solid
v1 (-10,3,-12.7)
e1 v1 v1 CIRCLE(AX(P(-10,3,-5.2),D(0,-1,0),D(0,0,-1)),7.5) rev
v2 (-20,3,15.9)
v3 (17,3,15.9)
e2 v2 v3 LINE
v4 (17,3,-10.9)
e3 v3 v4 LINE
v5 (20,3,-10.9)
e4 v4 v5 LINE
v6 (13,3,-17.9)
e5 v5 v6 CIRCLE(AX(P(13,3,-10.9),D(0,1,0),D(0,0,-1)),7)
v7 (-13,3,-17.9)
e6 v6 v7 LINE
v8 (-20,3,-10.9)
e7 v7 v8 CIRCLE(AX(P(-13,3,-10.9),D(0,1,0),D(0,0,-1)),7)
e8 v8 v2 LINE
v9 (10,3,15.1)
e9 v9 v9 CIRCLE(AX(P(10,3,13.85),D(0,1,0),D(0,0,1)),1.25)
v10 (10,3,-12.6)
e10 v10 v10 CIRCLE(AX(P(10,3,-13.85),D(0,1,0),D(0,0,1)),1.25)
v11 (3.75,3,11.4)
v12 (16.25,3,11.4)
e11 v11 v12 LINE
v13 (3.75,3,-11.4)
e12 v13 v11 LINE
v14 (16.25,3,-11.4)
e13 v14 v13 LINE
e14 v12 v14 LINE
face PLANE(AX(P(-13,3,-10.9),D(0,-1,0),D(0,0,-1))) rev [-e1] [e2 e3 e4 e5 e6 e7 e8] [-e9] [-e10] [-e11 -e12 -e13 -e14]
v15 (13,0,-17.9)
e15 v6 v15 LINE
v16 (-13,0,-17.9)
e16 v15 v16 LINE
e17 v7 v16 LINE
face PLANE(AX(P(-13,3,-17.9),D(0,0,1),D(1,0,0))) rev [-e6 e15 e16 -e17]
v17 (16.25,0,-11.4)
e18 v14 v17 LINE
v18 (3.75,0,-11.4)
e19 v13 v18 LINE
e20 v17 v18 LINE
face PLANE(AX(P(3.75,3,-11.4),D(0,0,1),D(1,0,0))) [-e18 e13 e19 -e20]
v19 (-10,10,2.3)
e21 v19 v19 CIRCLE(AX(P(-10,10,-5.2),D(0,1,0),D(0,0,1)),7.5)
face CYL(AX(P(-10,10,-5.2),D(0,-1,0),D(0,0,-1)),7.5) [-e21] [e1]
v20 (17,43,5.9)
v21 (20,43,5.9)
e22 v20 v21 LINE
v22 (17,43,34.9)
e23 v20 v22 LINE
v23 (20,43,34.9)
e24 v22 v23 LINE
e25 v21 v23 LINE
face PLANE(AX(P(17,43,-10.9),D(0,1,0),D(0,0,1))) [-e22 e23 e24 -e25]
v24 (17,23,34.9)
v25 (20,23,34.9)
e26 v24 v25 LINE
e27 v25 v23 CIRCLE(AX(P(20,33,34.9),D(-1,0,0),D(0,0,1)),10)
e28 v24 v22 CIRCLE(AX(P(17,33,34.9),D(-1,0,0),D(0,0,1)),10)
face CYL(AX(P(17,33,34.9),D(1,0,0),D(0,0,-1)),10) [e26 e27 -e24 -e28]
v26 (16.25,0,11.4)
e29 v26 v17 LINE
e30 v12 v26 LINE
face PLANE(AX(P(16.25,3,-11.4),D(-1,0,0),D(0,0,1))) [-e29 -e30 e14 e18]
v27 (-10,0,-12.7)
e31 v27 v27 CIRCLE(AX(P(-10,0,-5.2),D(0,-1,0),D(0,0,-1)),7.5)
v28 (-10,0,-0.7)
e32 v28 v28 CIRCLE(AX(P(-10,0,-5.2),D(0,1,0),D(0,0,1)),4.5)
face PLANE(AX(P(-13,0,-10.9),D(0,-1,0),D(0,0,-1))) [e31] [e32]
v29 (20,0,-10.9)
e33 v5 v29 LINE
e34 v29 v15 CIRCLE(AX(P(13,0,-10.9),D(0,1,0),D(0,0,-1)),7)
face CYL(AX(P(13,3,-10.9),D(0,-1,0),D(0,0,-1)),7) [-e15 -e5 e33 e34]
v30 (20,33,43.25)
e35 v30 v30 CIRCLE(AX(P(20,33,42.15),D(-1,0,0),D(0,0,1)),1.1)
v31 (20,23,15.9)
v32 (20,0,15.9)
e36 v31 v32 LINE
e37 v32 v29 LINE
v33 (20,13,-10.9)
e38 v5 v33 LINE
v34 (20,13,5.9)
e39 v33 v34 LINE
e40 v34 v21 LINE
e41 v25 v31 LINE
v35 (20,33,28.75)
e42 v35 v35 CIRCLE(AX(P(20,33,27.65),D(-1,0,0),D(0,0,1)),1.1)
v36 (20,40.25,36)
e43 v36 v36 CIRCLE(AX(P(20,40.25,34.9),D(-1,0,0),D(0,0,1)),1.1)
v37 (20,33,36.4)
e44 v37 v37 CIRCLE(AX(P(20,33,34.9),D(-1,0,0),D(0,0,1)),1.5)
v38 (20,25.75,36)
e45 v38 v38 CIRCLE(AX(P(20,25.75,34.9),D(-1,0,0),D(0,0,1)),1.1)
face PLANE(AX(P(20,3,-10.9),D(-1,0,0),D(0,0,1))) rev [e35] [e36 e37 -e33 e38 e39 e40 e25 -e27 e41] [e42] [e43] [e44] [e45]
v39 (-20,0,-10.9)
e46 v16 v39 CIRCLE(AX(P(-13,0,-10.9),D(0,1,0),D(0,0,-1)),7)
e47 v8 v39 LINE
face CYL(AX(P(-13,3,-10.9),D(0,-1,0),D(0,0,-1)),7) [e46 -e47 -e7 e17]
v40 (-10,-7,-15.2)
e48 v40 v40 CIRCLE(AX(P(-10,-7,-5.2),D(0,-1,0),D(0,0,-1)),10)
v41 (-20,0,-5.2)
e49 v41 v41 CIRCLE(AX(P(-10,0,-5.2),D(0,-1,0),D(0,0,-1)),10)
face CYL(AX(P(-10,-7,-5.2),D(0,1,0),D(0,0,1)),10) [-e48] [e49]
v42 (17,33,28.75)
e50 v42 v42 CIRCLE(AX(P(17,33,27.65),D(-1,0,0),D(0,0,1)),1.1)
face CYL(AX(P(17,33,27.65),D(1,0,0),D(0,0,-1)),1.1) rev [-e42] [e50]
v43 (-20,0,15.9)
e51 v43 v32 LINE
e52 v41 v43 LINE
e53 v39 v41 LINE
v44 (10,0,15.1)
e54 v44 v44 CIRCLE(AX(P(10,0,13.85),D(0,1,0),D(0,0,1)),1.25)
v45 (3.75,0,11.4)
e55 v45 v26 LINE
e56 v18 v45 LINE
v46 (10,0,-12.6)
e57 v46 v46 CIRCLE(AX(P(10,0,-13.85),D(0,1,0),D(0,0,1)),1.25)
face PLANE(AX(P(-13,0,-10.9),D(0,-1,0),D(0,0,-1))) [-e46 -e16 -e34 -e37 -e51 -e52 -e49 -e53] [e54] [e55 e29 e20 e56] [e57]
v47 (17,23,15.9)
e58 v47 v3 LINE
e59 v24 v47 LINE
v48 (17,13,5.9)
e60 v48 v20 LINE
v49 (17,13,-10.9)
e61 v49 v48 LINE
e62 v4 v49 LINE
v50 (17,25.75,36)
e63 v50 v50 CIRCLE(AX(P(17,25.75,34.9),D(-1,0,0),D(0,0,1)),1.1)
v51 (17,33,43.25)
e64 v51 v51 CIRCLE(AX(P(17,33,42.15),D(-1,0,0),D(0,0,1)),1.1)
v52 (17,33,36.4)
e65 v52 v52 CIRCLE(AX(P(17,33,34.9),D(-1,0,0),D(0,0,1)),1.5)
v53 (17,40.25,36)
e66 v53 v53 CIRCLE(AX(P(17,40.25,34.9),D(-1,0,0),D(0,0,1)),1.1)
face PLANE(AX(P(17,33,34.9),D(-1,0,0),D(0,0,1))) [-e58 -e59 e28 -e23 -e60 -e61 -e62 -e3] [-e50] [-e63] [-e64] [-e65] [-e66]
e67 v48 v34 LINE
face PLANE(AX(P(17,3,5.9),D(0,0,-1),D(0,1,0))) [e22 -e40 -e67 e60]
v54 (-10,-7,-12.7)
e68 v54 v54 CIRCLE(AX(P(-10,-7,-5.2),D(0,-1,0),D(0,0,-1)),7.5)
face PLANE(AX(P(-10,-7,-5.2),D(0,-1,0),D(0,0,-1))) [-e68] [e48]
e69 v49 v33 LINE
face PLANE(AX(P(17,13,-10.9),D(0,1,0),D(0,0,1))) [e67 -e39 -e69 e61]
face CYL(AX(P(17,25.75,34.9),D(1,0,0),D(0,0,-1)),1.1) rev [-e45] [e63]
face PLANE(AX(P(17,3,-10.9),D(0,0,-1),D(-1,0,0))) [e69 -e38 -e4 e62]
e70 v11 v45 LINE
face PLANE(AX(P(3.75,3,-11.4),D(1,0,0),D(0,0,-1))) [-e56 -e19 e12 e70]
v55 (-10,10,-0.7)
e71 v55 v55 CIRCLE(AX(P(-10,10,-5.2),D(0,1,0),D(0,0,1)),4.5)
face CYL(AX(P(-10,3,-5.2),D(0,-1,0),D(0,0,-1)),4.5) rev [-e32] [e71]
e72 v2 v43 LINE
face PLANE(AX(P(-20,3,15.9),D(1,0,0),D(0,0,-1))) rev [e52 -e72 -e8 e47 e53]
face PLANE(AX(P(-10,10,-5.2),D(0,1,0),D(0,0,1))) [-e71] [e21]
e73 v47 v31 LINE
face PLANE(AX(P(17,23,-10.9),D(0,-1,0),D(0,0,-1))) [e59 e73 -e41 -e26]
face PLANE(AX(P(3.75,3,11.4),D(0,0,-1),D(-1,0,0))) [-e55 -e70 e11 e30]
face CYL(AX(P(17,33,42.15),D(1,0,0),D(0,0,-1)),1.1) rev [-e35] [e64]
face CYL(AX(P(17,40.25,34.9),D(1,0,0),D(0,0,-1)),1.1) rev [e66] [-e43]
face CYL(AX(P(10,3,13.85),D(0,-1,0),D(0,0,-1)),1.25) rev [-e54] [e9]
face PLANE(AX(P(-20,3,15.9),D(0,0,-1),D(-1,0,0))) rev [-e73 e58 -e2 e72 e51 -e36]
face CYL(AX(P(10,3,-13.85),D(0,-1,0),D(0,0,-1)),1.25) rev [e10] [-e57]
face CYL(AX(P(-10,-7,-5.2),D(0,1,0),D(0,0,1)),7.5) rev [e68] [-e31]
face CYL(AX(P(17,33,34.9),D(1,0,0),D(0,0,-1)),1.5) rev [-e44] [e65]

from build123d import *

# Parameters (mm, degrees)
SKETCH_1_R      = 4.5
SKETCH_1_R_2    = 1.25
SKETCH_1_W      = 12.5
SKETCH_1_H      = 22.8
EXTRUDE_1_DEPTH = 3
EXTRUDE_START   = 20
SKETCH_3_R      = 1.1
SKETCH_3_R_2    = 1.5
EXTRUDE_2_DEPTH = 3
SKETCH_4_R      = 7.5
SKETCH_4_R_2    = 4.5
EXTRUDE_3_DEPTH = 7
EXTRUDE_START_2 = 7
SKETCH_5_R      = 10
SKETCH_5_R_2    = 7.5
EXTRUDE_4_DEPTH = 7


with BuildPart() as part:
    # 草图1 → 凸台-拉伸1 (new body)
    with BuildSketch(Plane(origin=(0, 0, 0), x_dir=(1, 0, 0), z_dir=(0, 1, 0))):
        with BuildLine():
            Line((-20, -15.9), (20, -15.9))
            Line((20, -15.9), (20, 10.9))
            ThreePointArc((20, 10.9), (17.949747468, 15.849747468), (13, 17.9))
            Line((13, 17.9), (-13, 17.9))
            ThreePointArc((-13, 17.9), (-17.949747468, 15.849747468), (-20, 10.9))
            Line((-20, 10.9), (-20, -15.9))
        make_face()
        with Locations(Location((-10, 5.2, 0), (0, 0, 270))):
            Circle(SKETCH_1_R, mode=Mode.SUBTRACT)
        with Locations(Location((10, 13.85, 0), (0, 0, 270))):
            Circle(SKETCH_1_R_2, mode=Mode.SUBTRACT)
        with Locations(Location((10, -13.85, 0), (0, 0, 270))):
            Circle(SKETCH_1_R_2, mode=Mode.SUBTRACT)
        with Locations((10, 0)):
            Rectangle(SKETCH_1_W, SKETCH_1_H, mode=Mode.SUBTRACT)
    extrude(amount=EXTRUDE_1_DEPTH)

    # 草图3 → 凸台-拉伸2 (add)
    with BuildSketch(Plane(origin=(0, 0, 0), x_dir=(0, 0, -1), z_dir=(1, 0, 0)).offset(EXTRUDE_START)):
        with BuildLine():
            Line((-15.9, 3), (-15.9, 23))
            Line((-15.9, 23), (-34.9, 23))
            ThreePointArc((-34.9, 23), (-44.9, 33), (-34.9, 43))
            Line((-34.9, 43), (-5.9, 43))
            Line((-5.9, 43), (-5.9, 13))
            Line((-5.9, 13), (10.9, 13))
            Line((10.9, 13), (10.9, 3))
            Line((10.9, 3), (-15.9, 3))
        make_face()
        with Locations(Location((-42.15, 33, 0), (0, 0, 180))):
            Circle(SKETCH_3_R, mode=Mode.SUBTRACT)
        with Locations(Location((-34.9, 40.25, 0), (0, 0, 180))):
            Circle(SKETCH_3_R, mode=Mode.SUBTRACT)
        with Locations(Location((-27.65, 33, 0), (0, 0, 180))):
            Circle(SKETCH_3_R, mode=Mode.SUBTRACT)
        with Locations(Location((-34.9, 25.75, 0), (0, 0, 180))):
            Circle(SKETCH_3_R, mode=Mode.SUBTRACT)
        with Locations(Location((-34.9, 33, 0), (0, 0, 180))):
            Circle(SKETCH_3_R_2, mode=Mode.SUBTRACT)
    extrude(amount=-EXTRUDE_2_DEPTH)

    # 草图4 → 凸台-拉伸3 (add)
    with BuildSketch(Plane(origin=(0, 3, 0), x_dir=(1, 0, 0), z_dir=(0, 1, 0))):
        with Locations(Location((-10, 5.2, 0), (0, 0, 90))):
            Circle(SKETCH_4_R)
        with Locations(Location((-10, 5.2, 0), (0, 0, 270))):
            Circle(SKETCH_4_R_2, mode=Mode.SUBTRACT)
    extrude(amount=EXTRUDE_3_DEPTH)

    # 草图5 → 凸台-拉伸4 (add)
    with BuildSketch(Plane.XZ.offset(EXTRUDE_START_2)):
        with Locations(Location((-10, -5.2, 0), (0, 0, 180))):
            Circle(SKETCH_5_R)
        with Locations(Location((-10, -5.2, 0), (0, 0, 270))):
            Circle(SKETCH_5_R_2, mode=Mode.SUBTRACT)
    extrude(amount=-EXTRUDE_4_DEPTH)


solid = part.part
